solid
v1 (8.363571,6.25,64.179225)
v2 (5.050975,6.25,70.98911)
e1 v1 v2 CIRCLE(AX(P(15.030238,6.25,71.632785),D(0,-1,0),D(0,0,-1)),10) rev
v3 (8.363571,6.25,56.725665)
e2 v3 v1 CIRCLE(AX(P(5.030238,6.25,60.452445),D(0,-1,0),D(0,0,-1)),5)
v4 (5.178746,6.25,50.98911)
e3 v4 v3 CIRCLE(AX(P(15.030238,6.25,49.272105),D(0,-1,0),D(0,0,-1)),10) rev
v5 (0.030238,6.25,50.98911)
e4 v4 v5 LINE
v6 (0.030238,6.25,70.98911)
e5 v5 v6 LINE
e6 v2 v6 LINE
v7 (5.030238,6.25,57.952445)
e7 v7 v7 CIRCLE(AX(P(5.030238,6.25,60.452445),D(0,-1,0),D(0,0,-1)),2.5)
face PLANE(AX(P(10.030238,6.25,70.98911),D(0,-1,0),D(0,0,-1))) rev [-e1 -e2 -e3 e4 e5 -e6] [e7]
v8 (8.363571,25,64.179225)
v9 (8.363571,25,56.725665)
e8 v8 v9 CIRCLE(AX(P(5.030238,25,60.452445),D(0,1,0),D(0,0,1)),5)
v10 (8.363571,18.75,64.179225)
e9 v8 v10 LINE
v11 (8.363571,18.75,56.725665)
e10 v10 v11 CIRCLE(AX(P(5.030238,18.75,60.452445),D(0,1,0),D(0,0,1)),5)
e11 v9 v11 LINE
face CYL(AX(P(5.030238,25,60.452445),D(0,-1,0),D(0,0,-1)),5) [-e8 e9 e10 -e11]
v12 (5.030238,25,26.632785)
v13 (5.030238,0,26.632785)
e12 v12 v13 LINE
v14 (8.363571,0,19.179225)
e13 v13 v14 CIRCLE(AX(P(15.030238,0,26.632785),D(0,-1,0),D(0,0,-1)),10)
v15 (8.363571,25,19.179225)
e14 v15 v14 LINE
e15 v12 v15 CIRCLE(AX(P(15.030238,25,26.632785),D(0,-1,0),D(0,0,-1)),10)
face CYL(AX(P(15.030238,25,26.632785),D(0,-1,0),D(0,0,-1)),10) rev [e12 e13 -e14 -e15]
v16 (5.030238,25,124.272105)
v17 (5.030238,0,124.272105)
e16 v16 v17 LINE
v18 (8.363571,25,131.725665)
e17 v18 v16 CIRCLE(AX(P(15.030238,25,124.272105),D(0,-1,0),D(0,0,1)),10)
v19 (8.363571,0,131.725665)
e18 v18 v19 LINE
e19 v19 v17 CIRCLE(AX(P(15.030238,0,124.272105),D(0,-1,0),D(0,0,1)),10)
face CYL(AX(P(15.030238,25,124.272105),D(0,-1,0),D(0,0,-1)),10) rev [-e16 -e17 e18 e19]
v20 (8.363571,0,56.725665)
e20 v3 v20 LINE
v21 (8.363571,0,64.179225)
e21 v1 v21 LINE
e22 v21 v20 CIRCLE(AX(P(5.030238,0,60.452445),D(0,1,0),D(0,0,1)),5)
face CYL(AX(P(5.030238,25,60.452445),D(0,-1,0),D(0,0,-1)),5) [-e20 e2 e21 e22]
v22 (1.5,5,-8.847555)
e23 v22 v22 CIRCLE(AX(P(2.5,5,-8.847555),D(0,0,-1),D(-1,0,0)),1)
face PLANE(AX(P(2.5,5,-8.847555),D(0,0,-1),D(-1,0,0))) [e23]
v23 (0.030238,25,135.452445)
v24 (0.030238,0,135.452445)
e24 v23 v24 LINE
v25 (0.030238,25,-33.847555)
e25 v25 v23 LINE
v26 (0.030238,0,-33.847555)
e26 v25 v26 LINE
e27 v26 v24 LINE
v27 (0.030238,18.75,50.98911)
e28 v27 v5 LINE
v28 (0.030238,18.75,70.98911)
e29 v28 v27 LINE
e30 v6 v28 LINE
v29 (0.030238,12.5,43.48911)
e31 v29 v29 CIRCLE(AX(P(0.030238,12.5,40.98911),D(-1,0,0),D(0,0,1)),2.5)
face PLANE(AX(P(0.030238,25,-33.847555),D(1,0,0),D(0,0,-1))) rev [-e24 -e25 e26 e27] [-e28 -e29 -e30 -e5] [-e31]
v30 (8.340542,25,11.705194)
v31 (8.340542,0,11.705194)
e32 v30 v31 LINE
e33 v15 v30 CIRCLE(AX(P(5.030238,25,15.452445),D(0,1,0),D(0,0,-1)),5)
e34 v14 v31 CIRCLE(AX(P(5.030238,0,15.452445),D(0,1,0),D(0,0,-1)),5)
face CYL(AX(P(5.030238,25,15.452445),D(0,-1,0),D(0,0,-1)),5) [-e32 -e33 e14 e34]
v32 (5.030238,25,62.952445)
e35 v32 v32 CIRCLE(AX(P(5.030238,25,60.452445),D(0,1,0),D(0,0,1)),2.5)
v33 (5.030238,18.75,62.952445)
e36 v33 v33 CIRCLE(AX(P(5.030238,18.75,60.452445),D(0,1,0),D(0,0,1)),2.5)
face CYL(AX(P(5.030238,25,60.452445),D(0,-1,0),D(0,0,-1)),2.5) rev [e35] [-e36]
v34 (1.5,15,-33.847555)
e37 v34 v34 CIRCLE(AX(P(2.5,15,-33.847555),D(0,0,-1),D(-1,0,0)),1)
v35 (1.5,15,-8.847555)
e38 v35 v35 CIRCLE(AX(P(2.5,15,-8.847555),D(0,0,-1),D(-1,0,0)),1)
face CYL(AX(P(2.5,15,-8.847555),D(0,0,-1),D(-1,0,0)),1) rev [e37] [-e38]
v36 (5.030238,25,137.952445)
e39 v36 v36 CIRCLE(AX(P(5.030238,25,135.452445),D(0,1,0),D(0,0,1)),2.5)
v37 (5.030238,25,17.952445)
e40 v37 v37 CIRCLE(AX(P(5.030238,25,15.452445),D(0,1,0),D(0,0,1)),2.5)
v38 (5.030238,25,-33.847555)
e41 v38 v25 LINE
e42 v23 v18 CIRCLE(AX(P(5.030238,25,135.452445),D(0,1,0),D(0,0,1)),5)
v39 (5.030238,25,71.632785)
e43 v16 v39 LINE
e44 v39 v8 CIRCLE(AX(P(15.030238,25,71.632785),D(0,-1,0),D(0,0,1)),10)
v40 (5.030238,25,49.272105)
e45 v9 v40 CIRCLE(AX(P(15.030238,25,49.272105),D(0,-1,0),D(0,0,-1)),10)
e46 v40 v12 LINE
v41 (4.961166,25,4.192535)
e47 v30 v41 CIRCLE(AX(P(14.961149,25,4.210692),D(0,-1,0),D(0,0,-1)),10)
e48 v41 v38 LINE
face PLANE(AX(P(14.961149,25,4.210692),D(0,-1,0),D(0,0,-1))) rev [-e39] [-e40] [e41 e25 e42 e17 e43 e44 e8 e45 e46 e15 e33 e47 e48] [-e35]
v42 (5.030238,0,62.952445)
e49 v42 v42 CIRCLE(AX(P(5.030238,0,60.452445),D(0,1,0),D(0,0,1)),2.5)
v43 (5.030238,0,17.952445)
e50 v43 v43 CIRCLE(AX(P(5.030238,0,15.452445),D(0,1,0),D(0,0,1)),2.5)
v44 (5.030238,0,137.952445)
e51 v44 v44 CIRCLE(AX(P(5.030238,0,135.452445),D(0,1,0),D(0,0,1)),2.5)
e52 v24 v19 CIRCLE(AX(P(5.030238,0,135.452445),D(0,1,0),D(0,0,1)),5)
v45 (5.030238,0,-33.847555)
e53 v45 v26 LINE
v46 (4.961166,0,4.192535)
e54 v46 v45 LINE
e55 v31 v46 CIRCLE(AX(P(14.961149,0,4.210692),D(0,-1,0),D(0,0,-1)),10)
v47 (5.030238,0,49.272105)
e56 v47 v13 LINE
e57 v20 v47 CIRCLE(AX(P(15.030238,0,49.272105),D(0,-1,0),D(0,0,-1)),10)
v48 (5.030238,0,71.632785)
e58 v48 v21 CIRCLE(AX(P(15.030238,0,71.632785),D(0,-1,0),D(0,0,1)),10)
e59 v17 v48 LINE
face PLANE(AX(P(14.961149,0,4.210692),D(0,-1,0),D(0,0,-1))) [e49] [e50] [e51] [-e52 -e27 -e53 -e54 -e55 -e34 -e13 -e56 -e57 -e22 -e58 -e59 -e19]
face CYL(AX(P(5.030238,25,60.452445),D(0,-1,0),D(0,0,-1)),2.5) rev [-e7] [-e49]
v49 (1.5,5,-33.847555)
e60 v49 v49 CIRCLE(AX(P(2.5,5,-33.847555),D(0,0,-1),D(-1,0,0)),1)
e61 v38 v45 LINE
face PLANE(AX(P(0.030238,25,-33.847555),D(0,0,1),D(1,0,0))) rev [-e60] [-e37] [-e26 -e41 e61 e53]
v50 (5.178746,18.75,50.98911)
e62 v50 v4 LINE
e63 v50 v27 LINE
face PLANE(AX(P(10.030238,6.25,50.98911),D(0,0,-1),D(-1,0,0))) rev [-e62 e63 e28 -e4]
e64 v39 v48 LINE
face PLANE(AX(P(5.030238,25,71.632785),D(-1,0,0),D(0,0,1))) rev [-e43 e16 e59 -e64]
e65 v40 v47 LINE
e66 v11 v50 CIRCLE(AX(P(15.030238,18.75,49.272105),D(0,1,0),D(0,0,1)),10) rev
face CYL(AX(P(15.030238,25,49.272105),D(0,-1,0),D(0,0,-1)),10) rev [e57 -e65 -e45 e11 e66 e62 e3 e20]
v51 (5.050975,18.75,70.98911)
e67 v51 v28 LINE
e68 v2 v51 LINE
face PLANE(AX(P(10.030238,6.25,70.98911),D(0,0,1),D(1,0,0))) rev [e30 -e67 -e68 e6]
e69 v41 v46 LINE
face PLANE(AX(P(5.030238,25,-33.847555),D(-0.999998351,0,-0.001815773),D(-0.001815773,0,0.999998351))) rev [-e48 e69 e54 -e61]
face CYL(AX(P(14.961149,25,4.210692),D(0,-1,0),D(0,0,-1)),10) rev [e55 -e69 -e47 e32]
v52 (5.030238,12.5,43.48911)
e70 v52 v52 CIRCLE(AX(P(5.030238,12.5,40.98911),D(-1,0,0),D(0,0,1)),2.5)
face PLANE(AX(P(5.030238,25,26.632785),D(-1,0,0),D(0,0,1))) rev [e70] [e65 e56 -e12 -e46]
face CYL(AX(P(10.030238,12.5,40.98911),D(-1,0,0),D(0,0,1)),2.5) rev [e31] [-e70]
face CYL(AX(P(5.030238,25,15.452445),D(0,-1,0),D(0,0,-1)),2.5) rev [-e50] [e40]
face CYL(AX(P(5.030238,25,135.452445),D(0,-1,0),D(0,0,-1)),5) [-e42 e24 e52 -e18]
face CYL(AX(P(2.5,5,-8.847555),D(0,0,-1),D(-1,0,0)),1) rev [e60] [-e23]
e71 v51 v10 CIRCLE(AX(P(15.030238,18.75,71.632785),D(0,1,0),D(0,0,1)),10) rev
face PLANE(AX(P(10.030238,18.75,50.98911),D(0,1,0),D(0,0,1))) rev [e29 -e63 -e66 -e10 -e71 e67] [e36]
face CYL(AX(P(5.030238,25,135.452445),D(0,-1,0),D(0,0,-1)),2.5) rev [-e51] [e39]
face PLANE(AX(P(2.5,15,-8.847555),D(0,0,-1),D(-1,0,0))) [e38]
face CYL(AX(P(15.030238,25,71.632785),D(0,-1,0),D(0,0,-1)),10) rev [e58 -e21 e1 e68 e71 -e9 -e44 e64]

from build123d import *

# Parameters (mm, degrees)
SKETCH2_R           = 2.5
BOSS_EXTRUDE1_DEPTH = 25
SKETCH3_R           = 1
CUT_EXTRUDE1_DEPTH  = 25
SKETCH6_R           = 2.5
SKETCH6_W           = 20
SKETCH6_H           = 12.5
CUT_EXTRUDE2_DEPTH  = 144.01010212


with BuildPart() as part:
    # Sketch2 → Boss-Extrude1 (new body)
    with BuildSketch(Plane(origin=(0, 0, 0), x_dir=(1, 0, 0), z_dir=(0, 1, 0))):
        with BuildLine():
            Line((0.030237901, 33.847554993), (0.030237901, -135.452445007))
            ThreePointArc((0.030237901, -135.452445007), (7.071479353, -140.016799653), (8.363571234, -131.725665044))
            ThreePointArc((8.363571234, -131.725665044), (5.901528609, -128.354588024), (5.030237901, -124.272105119))
            Line((5.030237901, -124.272105119), (5.030237901, -71.632784894))
            ThreePointArc((5.030237901, -71.632784894), (5.901528609, -67.55030199), (8.363571234, -64.179224969))
            ThreePointArc((8.363571234, -64.179224969), (10.030237901, -60.452445007), (8.363571234, -56.725665044))
            ThreePointArc((8.363571234, -56.725665044), (5.901528609, -53.354588024), (5.030237901, -49.272105119))
            Line((5.030237901, -49.272105119), (5.030237901, -26.632784894))
            ThreePointArc((5.030237901, -26.632784894), (5.901528609, -22.55030199), (8.363571234, -19.179224969))
            ThreePointArc((8.363571234, -19.179224969), (10.030214165, -15.437038677), (8.340541648, -11.705194134))
            ThreePointArc((8.340541648, -11.705194134), (5.841334205, -8.313005826), (4.961165626, -4.192534659))
            Line((4.961165626, -4.192534659), (5.030237901, 33.847554993))
            Line((5.030237901, 33.847554993), (0.030237901, 33.847554993))
        make_face()
        with Locations(Location((5.030237901, -15.452445007, 0), (0, 0, 270))):
            Circle(SKETCH2_R, mode=Mode.SUBTRACT)
        with Locations(Location((5.030237901, -135.452445007, 0), (0, 0, 270))):
            Circle(SKETCH2_R, mode=Mode.SUBTRACT)
        with Locations(Location((5.030237901, -60.452445007, 0), (0, 0, 270))):
            Circle(SKETCH2_R, mode=Mode.SUBTRACT)
    extrude(amount=BOSS_EXTRUDE1_DEPTH)

    # Sketch3 → Cut-Extrude1 (cut)
    with BuildSketch(Plane(origin=(0, 0, -33.847554993), x_dir=(-1, 0, 0), z_dir=(0, 0, -1))):
        with Locations((-2.5, 15)):
            Circle(SKETCH3_R)
        with Locations((-2.5, 5)):
            Circle(SKETCH3_R)
    extrude(amount=-CUT_EXTRUDE1_DEPTH, mode=Mode.SUBTRACT)

    # Sketch6 → Cut-Extrude2 (cut, through all)
    with BuildSketch(Plane.ZY.offset(-0.030237901)):
        with Locations((40.98910992, 12.5)):
            Circle(SKETCH6_R)
        with Locations((60.98910992, 12.5)):
            Rectangle(SKETCH6_W, SKETCH6_H)
    extrude(amount=-CUT_EXTRUDE2_DEPTH, mode=Mode.SUBTRACT)


solid = part.part
